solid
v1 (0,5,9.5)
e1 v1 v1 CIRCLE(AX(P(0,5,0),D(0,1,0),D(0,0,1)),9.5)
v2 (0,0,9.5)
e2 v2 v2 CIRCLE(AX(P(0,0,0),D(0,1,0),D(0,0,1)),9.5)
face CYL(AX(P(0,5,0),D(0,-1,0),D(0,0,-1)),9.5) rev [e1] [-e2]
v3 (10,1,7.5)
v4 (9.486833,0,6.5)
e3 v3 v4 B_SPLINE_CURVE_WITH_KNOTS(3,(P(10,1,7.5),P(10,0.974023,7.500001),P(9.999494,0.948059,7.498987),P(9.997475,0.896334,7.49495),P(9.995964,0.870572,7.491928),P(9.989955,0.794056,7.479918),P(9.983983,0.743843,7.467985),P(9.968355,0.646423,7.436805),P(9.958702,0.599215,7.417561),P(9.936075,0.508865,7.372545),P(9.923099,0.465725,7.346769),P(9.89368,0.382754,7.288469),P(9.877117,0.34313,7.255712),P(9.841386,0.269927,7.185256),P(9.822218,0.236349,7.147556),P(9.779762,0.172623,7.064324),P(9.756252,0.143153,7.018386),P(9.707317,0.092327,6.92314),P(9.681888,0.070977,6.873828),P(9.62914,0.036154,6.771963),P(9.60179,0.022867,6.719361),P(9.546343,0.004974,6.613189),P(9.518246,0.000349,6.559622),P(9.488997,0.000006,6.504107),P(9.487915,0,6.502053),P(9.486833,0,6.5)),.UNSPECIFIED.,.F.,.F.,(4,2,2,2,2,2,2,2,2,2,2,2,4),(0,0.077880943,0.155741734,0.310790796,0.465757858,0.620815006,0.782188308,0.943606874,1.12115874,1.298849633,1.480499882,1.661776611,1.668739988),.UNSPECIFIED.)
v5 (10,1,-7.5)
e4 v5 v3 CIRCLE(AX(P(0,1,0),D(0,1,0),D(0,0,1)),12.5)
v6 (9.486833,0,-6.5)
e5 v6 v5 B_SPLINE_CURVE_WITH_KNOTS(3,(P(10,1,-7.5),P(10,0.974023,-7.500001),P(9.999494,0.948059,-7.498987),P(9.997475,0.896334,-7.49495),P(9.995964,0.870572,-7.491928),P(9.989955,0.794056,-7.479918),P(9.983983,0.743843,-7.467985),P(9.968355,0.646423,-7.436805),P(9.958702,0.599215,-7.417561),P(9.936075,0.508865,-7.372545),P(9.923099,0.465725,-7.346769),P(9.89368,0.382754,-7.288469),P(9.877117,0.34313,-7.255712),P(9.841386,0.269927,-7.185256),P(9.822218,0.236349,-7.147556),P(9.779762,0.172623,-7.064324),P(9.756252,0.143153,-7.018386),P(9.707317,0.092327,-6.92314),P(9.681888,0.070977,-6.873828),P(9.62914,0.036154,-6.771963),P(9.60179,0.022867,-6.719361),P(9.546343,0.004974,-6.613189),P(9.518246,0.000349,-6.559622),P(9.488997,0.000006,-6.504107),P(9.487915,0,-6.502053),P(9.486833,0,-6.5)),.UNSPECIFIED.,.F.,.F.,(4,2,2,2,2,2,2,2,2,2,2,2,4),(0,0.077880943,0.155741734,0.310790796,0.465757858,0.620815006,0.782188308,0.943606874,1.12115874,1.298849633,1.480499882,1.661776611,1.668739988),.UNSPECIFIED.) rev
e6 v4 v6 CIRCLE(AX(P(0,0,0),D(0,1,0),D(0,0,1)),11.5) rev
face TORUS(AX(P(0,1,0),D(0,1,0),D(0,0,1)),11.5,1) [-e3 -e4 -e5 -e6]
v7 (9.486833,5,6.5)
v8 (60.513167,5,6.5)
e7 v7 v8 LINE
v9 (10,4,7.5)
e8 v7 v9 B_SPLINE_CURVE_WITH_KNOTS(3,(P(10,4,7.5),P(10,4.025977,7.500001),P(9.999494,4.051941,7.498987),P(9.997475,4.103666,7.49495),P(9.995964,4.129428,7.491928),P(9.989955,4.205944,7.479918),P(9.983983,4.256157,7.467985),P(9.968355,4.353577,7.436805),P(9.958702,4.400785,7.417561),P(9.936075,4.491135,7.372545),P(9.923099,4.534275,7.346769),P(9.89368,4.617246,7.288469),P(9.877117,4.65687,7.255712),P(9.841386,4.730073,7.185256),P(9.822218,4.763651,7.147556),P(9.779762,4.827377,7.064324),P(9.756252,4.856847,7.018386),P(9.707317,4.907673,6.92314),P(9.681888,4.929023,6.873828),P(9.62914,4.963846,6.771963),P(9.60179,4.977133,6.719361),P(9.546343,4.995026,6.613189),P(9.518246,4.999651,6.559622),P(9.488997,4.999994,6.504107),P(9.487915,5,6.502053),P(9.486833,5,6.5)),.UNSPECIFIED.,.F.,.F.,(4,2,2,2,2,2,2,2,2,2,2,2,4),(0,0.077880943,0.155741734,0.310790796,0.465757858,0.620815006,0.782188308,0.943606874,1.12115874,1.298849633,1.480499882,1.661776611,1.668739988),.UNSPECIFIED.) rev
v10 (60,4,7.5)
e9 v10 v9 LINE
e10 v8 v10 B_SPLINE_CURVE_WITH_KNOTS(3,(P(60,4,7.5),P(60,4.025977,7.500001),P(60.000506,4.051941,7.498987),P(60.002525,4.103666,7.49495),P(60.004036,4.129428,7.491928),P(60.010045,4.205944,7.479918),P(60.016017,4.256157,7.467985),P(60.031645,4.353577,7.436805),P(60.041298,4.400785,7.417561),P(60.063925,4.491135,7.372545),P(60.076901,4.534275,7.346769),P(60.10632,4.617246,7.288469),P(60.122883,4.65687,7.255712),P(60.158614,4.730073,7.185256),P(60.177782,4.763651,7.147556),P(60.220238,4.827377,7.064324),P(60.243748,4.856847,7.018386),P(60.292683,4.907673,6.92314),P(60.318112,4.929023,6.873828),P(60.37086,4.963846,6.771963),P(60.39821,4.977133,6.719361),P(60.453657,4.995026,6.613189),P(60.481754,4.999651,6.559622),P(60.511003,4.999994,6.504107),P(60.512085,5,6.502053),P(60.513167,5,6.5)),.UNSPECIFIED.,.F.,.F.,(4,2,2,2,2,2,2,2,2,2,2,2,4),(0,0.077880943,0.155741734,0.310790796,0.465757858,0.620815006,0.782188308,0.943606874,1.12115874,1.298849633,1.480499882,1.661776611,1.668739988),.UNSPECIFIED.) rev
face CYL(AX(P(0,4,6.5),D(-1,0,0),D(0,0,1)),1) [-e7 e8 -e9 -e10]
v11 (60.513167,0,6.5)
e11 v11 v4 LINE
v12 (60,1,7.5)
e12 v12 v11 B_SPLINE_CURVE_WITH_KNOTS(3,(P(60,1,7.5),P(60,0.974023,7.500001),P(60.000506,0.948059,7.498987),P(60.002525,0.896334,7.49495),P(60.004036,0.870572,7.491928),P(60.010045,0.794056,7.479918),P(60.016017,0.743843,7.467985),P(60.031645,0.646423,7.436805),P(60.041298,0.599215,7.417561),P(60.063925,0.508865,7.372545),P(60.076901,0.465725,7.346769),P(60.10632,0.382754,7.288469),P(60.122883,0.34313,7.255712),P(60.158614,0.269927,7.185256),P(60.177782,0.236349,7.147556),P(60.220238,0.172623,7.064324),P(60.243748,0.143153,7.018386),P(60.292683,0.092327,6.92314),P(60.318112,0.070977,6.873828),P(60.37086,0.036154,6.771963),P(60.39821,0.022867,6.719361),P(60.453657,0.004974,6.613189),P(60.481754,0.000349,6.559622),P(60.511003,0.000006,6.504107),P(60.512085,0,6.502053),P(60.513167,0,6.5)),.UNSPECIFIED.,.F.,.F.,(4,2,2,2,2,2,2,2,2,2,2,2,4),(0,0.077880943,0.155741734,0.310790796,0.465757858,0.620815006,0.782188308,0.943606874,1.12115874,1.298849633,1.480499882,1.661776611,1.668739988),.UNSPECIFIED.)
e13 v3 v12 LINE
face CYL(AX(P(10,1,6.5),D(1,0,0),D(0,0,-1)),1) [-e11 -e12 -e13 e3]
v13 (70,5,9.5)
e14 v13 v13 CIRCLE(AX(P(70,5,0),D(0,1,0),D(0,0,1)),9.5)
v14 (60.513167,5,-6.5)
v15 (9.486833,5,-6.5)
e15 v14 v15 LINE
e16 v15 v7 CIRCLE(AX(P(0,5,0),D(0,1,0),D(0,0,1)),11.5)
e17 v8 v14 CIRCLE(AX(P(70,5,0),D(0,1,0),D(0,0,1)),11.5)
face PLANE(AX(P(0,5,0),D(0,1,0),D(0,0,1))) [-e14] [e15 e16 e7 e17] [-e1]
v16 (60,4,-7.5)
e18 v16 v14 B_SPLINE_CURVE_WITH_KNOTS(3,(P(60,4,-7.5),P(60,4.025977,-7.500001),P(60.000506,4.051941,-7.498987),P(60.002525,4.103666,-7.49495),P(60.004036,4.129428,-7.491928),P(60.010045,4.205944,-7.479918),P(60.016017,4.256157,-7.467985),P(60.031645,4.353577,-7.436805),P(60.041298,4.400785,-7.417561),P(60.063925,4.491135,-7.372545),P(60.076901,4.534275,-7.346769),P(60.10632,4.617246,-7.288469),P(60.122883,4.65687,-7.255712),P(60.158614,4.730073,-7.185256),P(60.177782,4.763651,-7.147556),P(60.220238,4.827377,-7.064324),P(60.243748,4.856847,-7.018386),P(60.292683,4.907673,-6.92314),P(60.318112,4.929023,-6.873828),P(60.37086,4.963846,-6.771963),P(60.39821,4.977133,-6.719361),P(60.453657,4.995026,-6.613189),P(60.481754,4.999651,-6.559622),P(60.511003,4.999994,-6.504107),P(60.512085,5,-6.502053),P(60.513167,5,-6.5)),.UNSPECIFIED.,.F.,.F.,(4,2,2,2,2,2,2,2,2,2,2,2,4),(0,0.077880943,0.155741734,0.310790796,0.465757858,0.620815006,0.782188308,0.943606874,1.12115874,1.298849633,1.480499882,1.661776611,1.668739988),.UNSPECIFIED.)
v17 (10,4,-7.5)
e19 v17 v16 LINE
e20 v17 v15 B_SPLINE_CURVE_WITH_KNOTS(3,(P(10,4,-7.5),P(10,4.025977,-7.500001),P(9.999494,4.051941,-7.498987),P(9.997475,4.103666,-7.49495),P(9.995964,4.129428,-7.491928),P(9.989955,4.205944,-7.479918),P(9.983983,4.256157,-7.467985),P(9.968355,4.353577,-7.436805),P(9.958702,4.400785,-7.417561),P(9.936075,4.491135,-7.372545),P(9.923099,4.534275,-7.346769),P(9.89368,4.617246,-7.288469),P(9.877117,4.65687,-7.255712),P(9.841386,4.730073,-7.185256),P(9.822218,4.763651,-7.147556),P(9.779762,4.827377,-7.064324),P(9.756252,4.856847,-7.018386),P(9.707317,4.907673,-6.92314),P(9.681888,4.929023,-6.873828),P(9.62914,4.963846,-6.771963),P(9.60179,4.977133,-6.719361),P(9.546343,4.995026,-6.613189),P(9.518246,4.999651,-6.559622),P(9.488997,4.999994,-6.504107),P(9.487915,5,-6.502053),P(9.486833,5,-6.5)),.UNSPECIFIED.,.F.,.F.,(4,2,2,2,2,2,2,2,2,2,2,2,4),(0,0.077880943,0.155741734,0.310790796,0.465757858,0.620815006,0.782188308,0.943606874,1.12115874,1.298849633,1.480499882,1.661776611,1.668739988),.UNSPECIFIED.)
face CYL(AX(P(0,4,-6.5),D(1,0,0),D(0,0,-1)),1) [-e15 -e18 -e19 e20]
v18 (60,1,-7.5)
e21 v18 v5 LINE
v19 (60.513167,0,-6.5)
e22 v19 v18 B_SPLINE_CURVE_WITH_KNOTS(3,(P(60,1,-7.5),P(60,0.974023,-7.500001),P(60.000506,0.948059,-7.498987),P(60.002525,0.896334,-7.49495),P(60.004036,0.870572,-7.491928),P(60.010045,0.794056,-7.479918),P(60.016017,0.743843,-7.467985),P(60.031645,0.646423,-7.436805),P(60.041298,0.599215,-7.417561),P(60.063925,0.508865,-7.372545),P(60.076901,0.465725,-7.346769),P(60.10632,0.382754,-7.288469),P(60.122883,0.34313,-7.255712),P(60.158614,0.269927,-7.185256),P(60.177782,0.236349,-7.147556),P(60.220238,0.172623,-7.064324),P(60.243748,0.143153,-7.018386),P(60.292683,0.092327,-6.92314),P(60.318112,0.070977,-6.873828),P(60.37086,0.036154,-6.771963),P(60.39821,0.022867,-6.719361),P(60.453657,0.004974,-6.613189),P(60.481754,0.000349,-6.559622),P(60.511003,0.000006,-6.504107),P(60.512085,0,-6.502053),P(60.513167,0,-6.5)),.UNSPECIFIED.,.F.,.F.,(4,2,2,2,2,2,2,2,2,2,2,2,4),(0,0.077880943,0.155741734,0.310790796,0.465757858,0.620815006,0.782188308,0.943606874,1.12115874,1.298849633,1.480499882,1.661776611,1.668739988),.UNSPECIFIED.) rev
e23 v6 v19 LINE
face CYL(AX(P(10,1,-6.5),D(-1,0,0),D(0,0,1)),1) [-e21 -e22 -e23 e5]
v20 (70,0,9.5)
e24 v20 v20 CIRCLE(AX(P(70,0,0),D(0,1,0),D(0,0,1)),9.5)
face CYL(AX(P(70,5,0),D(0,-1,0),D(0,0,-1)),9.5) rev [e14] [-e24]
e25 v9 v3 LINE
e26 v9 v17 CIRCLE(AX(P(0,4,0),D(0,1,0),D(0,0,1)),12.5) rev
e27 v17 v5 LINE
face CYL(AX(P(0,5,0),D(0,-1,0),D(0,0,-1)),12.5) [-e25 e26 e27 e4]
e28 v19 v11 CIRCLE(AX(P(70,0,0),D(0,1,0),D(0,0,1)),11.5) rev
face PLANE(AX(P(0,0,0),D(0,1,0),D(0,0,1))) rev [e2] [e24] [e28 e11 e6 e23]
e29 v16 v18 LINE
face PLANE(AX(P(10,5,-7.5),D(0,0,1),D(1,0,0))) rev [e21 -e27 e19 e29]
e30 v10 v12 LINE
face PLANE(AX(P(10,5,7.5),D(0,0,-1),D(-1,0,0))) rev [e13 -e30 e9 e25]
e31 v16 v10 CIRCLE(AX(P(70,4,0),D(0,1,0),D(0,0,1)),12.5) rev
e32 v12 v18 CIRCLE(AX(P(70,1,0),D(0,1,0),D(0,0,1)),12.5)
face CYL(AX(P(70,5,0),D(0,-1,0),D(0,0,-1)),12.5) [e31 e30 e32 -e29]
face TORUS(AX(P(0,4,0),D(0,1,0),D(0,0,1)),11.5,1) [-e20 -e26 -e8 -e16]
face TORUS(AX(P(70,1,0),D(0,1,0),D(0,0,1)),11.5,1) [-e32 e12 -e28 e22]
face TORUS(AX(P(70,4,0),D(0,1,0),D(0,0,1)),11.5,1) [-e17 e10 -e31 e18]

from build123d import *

# Parameters (mm, degrees)
SKETCH1_R           = 9.5
BOSS_EXTRUDE1_DEPTH = 5
FILLET1_R           = 1


with BuildPart() as part:
    # Sketch1 → Boss-Extrude1 (new body)
    with BuildSketch(Plane(origin=(0, 0, 0), x_dir=(1, 0, 0), z_dir=(0, 1, 0))):
        with BuildLine():
            Line((10, 7.5), (60, 7.5))
            ThreePointArc((60, 7.5), (82.5, 0), (60, -7.5))
            Line((60, -7.5), (10, -7.5))
            ThreePointArc((10, -7.5), (-12.5, 0), (10, 7.5))
        make_face()
        with Locations(Location((0, 0, 0), (0, 0, 270))):
            Circle(SKETCH1_R, mode=Mode.SUBTRACT)
        with Locations(Location((70, 0, 0), (0, 0, 270))):
            Circle(SKETCH1_R, mode=Mode.SUBTRACT)
    extrude(amount=BOSS_EXTRUDE1_DEPTH)

    # Fillet1
    fillet1_edges = [part.edges().sort_by_distance(p)[0] for p in [
        (82.5, 5, 0),
        (35, 5, -7.5),
        (-12.5, 5, 0),
        (35, 0, -7.5),
        (82.5, 0, 0),
        (35, 0, 7.5),
        (-12.5, 0, 0),
        (35, 5, 7.5),
    ]]
    fillet(fillet1_edges, radius=FILLET1_R)


solid = part.part
